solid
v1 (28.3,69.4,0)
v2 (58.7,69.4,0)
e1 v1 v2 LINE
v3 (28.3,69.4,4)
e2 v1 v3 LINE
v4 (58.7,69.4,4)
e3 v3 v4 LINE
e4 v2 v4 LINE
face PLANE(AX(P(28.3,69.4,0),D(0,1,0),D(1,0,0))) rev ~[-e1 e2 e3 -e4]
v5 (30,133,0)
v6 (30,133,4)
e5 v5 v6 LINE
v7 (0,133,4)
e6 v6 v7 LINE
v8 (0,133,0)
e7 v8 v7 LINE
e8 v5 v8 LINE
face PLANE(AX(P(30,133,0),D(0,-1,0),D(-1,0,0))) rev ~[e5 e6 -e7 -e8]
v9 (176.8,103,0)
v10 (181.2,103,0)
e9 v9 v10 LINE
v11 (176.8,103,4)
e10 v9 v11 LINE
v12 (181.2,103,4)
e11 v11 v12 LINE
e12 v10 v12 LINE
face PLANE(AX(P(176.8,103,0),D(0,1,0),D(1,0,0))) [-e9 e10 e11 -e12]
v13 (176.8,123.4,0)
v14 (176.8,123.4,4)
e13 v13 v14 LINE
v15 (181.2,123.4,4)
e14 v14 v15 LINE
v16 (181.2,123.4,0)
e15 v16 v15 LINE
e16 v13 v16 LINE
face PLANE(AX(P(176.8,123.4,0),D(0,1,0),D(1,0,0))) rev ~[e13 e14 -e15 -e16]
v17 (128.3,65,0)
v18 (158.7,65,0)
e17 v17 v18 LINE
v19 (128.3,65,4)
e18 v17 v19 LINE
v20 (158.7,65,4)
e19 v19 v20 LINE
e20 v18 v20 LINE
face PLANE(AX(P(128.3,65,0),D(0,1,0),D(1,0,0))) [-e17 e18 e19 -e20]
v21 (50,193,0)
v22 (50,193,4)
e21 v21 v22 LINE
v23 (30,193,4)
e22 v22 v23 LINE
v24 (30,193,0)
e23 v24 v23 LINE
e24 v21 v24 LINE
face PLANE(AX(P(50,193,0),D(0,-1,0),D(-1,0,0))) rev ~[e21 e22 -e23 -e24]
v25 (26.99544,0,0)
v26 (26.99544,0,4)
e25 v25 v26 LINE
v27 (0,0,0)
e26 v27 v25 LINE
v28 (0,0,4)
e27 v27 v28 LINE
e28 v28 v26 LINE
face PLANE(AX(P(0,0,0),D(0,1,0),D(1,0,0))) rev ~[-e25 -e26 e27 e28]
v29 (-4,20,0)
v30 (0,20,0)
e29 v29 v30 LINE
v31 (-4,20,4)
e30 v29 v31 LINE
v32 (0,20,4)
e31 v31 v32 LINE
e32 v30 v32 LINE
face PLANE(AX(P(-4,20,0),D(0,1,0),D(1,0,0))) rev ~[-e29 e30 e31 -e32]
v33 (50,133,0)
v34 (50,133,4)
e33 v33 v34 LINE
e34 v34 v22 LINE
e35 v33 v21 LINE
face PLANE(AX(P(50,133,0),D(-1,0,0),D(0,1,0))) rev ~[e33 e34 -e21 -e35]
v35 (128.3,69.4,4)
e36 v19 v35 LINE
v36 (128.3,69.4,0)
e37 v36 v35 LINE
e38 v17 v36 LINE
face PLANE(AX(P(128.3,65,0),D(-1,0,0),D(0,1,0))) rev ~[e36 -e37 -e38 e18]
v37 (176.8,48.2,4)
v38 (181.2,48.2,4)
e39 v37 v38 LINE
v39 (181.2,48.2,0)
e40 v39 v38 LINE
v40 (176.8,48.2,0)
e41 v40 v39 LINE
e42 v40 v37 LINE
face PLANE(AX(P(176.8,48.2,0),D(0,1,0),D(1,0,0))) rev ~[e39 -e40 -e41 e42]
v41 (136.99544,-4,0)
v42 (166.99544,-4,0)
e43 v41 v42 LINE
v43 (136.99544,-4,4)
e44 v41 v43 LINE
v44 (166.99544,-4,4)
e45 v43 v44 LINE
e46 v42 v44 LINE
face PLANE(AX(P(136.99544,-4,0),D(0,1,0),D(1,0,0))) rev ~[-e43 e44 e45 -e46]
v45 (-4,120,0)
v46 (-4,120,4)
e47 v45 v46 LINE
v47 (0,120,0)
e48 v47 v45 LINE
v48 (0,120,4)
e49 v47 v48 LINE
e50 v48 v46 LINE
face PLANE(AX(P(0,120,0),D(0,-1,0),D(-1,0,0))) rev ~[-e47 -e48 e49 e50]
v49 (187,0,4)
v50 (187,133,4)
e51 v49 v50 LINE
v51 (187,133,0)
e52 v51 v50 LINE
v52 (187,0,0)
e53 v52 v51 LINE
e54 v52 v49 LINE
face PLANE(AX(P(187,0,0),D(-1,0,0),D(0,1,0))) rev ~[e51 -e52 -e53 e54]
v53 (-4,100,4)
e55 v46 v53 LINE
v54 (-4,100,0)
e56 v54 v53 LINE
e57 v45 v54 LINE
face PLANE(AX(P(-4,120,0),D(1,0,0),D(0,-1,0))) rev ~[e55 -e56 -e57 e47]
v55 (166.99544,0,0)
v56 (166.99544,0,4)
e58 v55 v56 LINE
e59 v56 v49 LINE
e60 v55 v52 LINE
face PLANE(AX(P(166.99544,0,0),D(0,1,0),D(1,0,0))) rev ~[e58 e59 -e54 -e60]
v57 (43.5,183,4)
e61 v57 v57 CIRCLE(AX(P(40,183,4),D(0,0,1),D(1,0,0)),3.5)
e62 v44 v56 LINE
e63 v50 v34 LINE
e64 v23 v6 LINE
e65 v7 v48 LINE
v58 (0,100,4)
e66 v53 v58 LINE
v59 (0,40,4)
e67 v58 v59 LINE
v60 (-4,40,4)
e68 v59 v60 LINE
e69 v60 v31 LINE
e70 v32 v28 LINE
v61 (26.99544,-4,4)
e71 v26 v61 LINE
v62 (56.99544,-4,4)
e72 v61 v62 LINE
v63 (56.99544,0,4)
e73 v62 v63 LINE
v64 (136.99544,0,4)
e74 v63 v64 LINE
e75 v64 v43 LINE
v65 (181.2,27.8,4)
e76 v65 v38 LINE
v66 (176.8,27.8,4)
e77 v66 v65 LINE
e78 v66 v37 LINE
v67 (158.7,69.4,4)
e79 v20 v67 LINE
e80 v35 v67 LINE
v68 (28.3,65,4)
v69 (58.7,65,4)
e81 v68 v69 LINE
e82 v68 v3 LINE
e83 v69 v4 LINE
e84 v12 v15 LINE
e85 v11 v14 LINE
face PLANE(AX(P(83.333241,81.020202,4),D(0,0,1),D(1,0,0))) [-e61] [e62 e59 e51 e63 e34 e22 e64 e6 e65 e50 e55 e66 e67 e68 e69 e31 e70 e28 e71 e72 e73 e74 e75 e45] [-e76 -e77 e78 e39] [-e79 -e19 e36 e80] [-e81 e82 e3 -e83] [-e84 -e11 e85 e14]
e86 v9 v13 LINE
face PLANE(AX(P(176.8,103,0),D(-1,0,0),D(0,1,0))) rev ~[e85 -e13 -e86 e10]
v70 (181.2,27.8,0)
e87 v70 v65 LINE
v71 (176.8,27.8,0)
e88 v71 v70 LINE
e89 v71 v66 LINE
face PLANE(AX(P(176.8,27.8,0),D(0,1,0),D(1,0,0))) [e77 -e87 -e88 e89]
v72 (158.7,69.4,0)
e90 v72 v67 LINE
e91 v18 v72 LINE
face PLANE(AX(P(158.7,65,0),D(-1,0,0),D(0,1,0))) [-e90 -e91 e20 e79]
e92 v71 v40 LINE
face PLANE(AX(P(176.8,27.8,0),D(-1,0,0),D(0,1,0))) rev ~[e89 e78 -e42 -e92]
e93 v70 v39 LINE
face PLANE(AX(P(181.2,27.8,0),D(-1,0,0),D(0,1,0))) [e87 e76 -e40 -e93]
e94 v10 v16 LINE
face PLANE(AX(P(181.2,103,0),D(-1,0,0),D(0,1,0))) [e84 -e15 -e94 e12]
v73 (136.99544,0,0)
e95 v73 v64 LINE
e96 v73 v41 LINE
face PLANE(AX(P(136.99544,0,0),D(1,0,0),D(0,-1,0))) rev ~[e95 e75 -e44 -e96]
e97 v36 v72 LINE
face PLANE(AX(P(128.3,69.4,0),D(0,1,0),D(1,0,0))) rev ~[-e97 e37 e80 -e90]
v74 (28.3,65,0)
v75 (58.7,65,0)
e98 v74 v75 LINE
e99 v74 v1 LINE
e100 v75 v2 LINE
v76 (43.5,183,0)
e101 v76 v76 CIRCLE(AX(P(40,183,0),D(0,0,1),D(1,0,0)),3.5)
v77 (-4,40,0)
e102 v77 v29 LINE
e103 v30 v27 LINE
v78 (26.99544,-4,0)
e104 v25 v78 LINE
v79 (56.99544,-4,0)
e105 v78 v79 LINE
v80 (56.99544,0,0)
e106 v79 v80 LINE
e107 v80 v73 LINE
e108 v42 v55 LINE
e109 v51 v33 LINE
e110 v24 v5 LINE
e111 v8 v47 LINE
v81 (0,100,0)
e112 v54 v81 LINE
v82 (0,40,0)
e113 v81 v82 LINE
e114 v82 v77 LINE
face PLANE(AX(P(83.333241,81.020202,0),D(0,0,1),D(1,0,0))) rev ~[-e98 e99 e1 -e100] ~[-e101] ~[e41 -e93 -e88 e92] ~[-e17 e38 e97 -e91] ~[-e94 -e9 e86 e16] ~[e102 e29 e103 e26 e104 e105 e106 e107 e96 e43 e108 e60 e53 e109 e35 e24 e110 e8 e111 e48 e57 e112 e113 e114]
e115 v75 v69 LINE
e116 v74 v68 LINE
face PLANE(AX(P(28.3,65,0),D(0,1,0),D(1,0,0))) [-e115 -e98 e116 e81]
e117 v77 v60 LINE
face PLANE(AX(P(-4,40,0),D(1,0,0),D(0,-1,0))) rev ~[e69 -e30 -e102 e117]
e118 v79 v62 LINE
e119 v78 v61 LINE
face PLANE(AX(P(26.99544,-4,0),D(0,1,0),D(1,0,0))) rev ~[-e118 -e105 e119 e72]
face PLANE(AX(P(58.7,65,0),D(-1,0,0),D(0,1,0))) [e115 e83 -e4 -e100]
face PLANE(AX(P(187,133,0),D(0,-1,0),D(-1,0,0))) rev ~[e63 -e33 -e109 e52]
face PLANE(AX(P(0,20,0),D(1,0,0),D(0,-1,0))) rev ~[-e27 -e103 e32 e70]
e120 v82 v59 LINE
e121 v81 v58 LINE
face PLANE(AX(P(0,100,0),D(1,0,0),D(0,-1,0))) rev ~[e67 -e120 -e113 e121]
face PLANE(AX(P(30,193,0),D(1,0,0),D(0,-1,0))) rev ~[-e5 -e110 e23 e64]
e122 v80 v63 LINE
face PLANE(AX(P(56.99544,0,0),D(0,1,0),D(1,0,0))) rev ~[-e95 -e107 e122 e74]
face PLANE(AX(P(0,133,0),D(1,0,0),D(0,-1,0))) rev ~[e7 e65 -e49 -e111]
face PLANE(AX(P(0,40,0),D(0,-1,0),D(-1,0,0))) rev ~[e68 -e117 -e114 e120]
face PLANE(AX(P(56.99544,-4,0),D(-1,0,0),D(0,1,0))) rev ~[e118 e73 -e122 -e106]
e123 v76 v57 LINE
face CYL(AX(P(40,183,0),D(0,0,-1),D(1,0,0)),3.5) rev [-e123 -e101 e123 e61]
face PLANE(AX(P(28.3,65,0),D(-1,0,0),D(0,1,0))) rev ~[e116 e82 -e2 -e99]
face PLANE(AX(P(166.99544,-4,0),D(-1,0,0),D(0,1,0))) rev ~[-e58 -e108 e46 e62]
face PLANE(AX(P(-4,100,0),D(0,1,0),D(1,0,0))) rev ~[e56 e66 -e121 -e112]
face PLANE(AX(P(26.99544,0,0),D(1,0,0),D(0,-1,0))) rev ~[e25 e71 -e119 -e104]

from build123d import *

# Parameters (mm, degrees)
SKETCH_1_W      = 30.4
SKETCH_1_H      = 4.4
SKETCH_1_W_2    = 4.4
SKETCH_1_H_2    = 20.4
SKETCH_1_R      = 3.5
EXTRUDE_1_DEPTH = 4


with BuildPart() as part:
    # Эскиз1 → Бобышка-Вытянуть1 (new body)
    with BuildSketch(Plane.XY):
        Polygon((0, 20), (0, 0), (26.99543951, 0), (26.99543951, -4), (56.99543951, -4), (56.99543951, 0), (136.99543951, 0), (136.99543951, -4), (166.99543951, -4), (166.99543951, 0), (187, 0), (187, 133), (50, 133), (50, 193), (30, 193), (30, 133), (0, 133), (0, 120), (-4, 120), (-4, 100), (0, 100), (0, 40), (-4, 40), (-4, 20), align=None)
        with Locations((43.5, 67.2)):
            Rectangle(SKETCH_1_W, SKETCH_1_H, mode=Mode.SUBTRACT)
        with Locations((179, 38)):
            Rectangle(SKETCH_1_W_2, SKETCH_1_H_2, mode=Mode.SUBTRACT)
        with Locations((143.5, 67.2)):
            Rectangle(SKETCH_1_W, SKETCH_1_H, mode=Mode.SUBTRACT)
        with Locations((179, 113.2)):
            Rectangle(SKETCH_1_W_2, SKETCH_1_H_2, mode=Mode.SUBTRACT)
        with Locations((40, 183)):
            Circle(SKETCH_1_R, mode=Mode.SUBTRACT)
    extrude(amount=EXTRUDE_1_DEPTH)


solid = part.part
